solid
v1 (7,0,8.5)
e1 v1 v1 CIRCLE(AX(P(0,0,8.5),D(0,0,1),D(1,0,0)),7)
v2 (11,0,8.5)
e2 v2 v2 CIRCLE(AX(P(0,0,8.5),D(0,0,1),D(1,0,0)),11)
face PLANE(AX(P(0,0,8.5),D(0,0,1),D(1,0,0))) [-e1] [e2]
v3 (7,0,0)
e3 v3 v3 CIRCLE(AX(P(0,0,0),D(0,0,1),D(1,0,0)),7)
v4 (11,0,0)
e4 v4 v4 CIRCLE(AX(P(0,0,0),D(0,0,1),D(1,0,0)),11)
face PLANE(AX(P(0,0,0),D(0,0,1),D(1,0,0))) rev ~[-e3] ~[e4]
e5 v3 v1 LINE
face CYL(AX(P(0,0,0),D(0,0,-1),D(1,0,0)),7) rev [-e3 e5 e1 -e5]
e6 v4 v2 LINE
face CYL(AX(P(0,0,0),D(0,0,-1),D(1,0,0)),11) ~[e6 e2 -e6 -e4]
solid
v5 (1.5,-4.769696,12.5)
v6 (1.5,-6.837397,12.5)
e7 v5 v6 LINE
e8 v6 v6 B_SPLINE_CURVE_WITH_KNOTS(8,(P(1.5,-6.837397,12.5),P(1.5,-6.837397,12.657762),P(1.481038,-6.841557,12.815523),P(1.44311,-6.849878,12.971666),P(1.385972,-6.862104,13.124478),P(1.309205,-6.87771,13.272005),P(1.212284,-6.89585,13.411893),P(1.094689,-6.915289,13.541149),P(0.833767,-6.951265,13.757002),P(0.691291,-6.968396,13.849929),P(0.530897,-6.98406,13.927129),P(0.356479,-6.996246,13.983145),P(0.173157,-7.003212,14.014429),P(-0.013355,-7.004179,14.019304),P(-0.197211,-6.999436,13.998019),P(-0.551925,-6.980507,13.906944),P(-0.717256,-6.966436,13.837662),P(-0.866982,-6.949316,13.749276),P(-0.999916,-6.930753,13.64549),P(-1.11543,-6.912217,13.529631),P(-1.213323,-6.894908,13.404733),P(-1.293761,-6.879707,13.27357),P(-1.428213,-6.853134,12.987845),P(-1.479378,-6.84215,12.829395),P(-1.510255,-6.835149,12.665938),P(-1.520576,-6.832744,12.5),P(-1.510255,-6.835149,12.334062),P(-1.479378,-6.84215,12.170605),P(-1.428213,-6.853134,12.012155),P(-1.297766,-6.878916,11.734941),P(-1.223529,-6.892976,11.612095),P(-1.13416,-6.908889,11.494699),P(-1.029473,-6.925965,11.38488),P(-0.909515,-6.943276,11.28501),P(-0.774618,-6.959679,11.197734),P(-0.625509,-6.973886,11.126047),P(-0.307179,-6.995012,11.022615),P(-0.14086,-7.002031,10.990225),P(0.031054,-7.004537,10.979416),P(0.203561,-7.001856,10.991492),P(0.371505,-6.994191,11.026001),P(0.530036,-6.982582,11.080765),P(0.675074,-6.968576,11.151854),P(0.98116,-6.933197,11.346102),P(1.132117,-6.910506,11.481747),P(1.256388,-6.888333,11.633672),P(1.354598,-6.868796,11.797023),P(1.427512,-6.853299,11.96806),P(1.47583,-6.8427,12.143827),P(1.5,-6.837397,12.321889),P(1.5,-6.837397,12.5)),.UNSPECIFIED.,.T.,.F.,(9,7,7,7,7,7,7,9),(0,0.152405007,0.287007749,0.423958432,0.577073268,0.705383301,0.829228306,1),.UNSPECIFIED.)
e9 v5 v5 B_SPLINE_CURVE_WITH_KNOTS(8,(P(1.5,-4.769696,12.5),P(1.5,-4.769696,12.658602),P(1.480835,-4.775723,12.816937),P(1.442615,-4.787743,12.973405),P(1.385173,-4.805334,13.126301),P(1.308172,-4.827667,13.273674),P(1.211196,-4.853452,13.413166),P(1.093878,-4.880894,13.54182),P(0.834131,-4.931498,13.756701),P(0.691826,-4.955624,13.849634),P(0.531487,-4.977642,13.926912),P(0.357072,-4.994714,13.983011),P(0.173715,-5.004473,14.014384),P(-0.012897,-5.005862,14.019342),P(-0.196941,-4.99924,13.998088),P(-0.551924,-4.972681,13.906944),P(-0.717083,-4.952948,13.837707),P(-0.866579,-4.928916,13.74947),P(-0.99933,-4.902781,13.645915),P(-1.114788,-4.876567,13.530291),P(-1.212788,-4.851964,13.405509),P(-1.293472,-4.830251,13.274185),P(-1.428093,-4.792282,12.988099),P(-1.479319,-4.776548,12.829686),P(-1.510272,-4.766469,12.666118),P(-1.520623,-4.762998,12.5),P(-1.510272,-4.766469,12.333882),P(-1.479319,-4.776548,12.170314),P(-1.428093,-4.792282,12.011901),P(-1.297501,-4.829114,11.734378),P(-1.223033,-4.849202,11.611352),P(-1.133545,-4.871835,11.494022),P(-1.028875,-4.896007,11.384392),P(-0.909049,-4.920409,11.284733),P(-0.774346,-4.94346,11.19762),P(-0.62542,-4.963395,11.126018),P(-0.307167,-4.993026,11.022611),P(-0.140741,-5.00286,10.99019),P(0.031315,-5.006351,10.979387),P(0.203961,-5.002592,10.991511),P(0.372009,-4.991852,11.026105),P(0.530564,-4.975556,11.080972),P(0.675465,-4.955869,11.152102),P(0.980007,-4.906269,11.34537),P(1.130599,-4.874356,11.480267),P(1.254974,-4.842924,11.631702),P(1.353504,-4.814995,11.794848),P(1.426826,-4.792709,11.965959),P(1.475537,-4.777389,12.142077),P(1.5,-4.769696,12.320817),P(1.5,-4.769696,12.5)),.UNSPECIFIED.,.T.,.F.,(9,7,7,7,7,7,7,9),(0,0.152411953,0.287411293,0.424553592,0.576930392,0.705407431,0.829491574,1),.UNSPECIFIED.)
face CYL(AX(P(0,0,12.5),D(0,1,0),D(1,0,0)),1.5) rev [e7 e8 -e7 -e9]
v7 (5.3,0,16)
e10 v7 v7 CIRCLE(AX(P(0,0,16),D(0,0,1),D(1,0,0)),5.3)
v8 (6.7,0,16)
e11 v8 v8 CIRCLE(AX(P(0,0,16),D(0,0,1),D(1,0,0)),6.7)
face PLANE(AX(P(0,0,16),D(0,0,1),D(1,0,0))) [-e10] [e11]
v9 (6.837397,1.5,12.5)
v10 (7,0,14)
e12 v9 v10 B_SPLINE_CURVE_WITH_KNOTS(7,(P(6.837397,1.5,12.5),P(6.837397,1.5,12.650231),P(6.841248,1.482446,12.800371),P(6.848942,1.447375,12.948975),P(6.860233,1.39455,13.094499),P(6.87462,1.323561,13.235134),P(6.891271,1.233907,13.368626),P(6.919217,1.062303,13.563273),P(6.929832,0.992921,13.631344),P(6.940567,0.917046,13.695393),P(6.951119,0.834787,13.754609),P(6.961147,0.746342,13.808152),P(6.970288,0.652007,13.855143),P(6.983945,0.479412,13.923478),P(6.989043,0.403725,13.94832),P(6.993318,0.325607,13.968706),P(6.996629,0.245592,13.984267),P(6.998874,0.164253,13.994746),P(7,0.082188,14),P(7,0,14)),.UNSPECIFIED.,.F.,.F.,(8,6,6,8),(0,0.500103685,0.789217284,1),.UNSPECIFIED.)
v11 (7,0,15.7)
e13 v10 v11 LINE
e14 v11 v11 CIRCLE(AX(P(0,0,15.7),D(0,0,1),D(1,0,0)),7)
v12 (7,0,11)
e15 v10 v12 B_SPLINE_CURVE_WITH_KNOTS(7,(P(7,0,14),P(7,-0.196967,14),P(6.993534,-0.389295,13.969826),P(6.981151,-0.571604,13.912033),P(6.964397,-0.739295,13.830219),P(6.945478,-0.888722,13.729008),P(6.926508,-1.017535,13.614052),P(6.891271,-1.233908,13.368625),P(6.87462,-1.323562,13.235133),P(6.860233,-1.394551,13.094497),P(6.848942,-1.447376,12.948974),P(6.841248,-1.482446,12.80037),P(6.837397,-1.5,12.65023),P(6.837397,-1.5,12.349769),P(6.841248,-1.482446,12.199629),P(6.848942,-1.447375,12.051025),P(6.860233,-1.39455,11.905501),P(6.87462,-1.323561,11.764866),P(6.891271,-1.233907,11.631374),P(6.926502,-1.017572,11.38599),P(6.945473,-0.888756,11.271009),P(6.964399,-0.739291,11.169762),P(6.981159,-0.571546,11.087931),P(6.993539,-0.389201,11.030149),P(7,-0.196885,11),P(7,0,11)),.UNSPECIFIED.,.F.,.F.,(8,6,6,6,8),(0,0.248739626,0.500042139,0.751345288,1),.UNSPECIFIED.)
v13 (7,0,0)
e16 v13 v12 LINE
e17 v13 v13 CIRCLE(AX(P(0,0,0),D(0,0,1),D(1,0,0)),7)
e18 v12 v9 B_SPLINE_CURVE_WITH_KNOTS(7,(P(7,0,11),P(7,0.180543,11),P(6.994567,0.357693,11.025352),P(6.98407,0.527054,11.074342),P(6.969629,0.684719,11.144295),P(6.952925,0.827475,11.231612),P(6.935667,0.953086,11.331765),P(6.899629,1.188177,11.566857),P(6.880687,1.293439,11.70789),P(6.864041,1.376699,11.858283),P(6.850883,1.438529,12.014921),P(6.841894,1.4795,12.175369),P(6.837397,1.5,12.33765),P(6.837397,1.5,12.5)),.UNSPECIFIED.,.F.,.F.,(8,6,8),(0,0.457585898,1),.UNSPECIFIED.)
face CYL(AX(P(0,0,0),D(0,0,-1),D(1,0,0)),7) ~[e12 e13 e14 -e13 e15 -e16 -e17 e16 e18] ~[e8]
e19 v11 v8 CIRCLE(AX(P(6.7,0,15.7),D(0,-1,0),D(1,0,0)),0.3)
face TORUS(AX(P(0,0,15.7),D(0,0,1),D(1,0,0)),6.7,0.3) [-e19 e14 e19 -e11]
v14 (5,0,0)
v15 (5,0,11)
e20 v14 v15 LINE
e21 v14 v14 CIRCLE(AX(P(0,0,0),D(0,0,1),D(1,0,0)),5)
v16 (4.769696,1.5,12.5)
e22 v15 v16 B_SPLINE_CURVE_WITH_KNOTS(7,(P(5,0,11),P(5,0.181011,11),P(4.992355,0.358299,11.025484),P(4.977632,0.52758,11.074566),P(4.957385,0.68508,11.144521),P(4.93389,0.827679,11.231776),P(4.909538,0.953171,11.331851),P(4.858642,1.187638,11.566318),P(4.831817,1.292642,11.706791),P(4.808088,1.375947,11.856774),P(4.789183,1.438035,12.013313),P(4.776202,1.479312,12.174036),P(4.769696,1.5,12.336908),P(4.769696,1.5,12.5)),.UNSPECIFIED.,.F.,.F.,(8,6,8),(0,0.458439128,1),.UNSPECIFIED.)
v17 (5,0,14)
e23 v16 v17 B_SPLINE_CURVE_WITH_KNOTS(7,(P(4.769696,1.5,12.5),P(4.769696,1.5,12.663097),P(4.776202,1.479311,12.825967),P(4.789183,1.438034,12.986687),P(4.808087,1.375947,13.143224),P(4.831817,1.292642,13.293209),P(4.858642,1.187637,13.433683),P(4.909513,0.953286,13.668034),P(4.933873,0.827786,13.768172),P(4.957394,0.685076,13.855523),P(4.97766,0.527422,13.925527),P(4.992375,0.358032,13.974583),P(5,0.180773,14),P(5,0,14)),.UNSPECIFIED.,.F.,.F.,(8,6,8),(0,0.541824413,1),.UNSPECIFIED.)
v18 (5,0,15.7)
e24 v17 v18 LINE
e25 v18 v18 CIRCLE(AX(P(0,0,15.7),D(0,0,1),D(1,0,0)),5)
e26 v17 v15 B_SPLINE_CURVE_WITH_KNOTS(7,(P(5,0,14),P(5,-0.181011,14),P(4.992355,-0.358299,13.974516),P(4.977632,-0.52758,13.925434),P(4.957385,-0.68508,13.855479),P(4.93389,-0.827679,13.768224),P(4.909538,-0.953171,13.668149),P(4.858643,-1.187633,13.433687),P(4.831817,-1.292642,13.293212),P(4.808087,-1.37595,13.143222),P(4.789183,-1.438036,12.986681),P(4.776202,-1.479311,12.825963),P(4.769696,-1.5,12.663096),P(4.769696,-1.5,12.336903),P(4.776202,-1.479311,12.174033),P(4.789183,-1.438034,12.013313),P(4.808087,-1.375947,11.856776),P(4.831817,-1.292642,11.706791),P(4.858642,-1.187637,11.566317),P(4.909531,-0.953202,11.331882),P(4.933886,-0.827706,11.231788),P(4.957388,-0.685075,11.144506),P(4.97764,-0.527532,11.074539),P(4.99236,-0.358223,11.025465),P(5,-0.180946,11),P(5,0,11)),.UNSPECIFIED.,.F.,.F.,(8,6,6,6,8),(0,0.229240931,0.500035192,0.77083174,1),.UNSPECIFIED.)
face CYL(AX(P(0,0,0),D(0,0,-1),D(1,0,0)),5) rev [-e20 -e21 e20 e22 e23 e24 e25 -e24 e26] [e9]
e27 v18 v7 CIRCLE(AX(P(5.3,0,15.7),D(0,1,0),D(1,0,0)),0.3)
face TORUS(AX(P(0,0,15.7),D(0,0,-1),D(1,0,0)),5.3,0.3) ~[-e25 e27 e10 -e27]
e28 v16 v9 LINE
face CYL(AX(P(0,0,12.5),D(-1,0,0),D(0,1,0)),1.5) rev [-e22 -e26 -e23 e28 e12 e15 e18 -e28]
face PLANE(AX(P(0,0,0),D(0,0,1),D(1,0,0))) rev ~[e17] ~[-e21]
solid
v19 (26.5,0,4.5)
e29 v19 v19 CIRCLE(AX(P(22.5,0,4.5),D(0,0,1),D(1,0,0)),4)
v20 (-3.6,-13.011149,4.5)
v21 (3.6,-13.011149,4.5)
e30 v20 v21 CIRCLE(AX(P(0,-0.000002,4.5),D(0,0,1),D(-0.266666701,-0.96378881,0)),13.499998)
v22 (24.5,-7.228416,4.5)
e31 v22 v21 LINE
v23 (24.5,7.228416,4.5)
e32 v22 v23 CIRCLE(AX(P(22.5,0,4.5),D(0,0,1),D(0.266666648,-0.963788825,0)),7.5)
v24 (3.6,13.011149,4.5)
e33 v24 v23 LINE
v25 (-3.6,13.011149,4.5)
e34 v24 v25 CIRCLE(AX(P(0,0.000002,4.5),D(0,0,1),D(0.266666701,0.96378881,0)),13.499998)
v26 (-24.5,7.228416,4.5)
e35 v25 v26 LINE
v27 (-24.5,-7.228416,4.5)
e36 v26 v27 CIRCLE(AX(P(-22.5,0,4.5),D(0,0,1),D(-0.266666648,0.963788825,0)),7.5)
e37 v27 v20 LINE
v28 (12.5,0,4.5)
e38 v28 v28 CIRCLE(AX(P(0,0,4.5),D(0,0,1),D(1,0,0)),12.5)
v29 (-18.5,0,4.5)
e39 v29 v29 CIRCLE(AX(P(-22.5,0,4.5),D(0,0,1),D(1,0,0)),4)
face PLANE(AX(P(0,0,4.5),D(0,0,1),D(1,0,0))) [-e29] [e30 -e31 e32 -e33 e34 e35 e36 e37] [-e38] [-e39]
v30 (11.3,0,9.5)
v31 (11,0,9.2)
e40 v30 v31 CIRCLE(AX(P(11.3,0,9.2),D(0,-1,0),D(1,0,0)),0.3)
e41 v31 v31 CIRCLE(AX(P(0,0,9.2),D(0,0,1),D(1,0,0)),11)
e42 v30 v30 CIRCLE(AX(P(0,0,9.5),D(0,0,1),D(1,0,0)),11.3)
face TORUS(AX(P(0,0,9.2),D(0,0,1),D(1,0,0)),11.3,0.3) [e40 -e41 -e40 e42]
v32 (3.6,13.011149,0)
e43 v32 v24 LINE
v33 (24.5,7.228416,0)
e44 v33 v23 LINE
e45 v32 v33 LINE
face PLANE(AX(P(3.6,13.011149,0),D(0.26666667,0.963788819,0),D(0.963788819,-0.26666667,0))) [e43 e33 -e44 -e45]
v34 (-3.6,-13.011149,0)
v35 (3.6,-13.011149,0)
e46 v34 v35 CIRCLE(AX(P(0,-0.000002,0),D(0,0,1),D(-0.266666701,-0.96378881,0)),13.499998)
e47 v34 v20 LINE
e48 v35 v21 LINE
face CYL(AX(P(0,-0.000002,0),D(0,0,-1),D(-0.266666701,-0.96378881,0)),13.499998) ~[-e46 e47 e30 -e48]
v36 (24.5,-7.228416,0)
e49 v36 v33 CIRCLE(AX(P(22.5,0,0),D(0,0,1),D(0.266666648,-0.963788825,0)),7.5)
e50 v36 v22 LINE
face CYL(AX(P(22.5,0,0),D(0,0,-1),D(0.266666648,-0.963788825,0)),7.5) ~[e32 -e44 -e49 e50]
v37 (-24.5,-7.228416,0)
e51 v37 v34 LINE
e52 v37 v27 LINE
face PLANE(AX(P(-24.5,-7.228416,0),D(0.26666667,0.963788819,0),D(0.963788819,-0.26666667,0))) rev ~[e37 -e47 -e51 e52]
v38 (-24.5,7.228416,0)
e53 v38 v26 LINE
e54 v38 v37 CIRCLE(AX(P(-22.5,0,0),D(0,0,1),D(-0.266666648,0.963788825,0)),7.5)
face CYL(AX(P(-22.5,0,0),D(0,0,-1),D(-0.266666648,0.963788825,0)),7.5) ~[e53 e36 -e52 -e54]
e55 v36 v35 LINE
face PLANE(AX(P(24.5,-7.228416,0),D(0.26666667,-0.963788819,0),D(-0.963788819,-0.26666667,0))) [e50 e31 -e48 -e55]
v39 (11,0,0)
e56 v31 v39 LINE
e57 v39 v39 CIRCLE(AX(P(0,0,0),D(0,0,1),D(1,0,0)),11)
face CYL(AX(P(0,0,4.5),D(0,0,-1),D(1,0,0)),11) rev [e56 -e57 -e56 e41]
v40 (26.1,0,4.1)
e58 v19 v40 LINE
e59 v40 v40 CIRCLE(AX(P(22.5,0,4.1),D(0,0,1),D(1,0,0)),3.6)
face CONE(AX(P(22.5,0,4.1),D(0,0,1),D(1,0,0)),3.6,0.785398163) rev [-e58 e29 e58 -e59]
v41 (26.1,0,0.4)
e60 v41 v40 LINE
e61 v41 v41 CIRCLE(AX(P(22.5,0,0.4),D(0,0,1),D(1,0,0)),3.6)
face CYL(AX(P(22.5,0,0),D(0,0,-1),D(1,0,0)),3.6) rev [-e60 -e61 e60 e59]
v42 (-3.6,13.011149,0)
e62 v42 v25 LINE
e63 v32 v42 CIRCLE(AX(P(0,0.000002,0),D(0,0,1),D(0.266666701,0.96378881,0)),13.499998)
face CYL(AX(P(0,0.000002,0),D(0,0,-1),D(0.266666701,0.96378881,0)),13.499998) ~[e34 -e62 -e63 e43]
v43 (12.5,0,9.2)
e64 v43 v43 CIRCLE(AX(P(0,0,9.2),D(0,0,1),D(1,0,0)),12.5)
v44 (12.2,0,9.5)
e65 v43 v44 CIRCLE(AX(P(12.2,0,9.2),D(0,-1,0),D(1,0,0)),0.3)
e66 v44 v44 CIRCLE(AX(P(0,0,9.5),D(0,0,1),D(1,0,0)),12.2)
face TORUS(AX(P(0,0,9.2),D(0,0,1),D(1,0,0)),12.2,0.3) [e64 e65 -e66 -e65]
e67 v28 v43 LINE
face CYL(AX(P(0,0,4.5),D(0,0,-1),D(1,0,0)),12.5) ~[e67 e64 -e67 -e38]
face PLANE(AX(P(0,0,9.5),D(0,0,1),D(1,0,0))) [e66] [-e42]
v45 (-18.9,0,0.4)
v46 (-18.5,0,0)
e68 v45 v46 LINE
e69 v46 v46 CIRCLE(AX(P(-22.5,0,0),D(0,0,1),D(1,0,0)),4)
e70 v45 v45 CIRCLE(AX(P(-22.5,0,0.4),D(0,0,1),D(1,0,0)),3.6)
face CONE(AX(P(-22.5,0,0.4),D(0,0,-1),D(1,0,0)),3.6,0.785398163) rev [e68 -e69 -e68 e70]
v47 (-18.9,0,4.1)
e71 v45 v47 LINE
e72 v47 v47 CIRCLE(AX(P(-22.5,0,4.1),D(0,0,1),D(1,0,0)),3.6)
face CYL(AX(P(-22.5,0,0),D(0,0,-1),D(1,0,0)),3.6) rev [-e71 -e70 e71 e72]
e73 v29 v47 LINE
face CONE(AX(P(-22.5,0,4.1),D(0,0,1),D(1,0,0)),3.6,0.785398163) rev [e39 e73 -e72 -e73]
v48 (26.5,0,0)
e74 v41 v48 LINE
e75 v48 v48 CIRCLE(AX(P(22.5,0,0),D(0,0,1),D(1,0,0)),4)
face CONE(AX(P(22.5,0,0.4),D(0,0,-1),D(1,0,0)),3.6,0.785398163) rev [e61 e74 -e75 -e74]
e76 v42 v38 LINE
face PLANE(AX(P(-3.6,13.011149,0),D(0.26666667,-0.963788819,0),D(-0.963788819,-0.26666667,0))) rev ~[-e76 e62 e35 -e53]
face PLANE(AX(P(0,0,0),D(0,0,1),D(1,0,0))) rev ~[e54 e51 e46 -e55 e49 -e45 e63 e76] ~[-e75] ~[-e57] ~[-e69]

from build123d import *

# Parameters (mm, degrees)
SKETCH_R          = 7
SKETCH_R_2        = 5
PAD_DEPTH         = 16
FILLET001_R       = 0.3
CYLINDER_R        = 1.5
CYLINDER_DEPTH    = 8
CYLINDER001_R     = 1.5
CYLINDER001_DEPTH = 10
SKETCH001_R       = 11
SKETCH001_R_2     = 7
PAD001_DEPTH      = 8.5
SKETCH002_R       = 3.6
SKETCH002_R_2     = 11
PAD002_DEPTH      = 4.5
SKETCH003_R       = 12.5
SKETCH003_R_2     = 11
PAD003_DEPTH      = 5
FILLET_R          = 0.3
CHAMFER_SIZE      = 0.4


with BuildPart() as body:
    # Sketch → Pad (new body)
    with BuildSketch(Plane.XY):
        Circle(SKETCH_R)
        Circle(SKETCH_R_2, mode=Mode.SUBTRACT)
    extrude(amount=PAD_DEPTH)

    # Fillet001
    fillet001_edges = [body.edges().sort_by_distance(p)[0] for p in [
        (-7, 0, 16),
        (-5, 0, 16),
    ]]
    fillet(fillet001_edges, radius=FILLET001_R)

    # Cylinder → Cylinder (cut)
    with BuildSketch(Plane(origin=(0, 0, 12.5), x_dir=(0, 1, 0), z_dir=(1, 0, 0))):
        Circle(CYLINDER_R)
    extrude(amount=CYLINDER_DEPTH, mode=Mode.SUBTRACT)

    # Cylinder001 → Cylinder001 (cut)
    with BuildSketch(Plane(origin=(0, 0, 12.5), x_dir=(1, 0, 0), z_dir=(0, -1, 0))):
        Circle(CYLINDER001_R)
    extrude(amount=CYLINDER001_DEPTH, mode=Mode.SUBTRACT)


with BuildPart() as body001:
    # Sketch001 → Pad001 (new body)
    with BuildSketch(Plane.XY):
        Circle(SKETCH001_R)
        Circle(SKETCH001_R_2, mode=Mode.SUBTRACT)
    extrude(amount=PAD001_DEPTH)


with BuildPart() as body002:
    # Sketch002 → Pad002 (new body)
    with BuildSketch(Plane.XY):
        with BuildLine():
            ThreePointArc((-24.5, 7.228416), (-30, 0), (-24.5, -7.228416))
            Line((-24.5, -7.228416), (-3.6, -13.011149))
            ThreePointArc((-3.6, -13.011149), (0, -13.5), (3.6, -13.011149))
            Line((24.5, -7.228416), (3.6, -13.011149))
            ThreePointArc((24.5, -7.228416), (30, 0), (24.5, 7.228416))
            Line((3.6, 13.011149), (24.5, 7.228416))
            ThreePointArc((3.6, 13.011149), (0, 13.5), (-3.6, 13.011149))
            Line((-3.6, 13.011149), (-24.5, 7.228416))
        make_face()
        with Locations((-22.5, 0)):
            Circle(SKETCH002_R, mode=Mode.SUBTRACT)
        with Locations((22.5, 0)):
            Circle(SKETCH002_R, mode=Mode.SUBTRACT)
        Circle(SKETCH002_R_2, mode=Mode.SUBTRACT)
    extrude(amount=PAD002_DEPTH)

    # Sketch003 (on Face13 of Pad002) → Pad003 (join)
    with BuildSketch(Plane.XY.offset(4.5)):
        Circle(SKETCH003_R)
        Circle(SKETCH003_R_2, mode=Mode.SUBTRACT)
    extrude(amount=PAD003_DEPTH)

    # Fillet
    fillet_edges = [body002.edges().sort_by_distance(p)[0] for p in [
        (-12.5, 0, 9.5),
        (-11, 0, 9.5),
    ]]
    fillet(fillet_edges, radius=FILLET_R)

    # Chamfer
    chamfer_edges = [body002.edges().sort_by_distance(p)[0] for p in [
        (-26.1, 0, 4.5),
        (18.9, 0, 4.5),
        (-26.1, 0, 0),
        (18.9, 0, 0),
    ]]
    chamfer(chamfer_edges, length=CHAMFER_SIZE)


solid = Compound([body.part, body001.part, body002.part])
